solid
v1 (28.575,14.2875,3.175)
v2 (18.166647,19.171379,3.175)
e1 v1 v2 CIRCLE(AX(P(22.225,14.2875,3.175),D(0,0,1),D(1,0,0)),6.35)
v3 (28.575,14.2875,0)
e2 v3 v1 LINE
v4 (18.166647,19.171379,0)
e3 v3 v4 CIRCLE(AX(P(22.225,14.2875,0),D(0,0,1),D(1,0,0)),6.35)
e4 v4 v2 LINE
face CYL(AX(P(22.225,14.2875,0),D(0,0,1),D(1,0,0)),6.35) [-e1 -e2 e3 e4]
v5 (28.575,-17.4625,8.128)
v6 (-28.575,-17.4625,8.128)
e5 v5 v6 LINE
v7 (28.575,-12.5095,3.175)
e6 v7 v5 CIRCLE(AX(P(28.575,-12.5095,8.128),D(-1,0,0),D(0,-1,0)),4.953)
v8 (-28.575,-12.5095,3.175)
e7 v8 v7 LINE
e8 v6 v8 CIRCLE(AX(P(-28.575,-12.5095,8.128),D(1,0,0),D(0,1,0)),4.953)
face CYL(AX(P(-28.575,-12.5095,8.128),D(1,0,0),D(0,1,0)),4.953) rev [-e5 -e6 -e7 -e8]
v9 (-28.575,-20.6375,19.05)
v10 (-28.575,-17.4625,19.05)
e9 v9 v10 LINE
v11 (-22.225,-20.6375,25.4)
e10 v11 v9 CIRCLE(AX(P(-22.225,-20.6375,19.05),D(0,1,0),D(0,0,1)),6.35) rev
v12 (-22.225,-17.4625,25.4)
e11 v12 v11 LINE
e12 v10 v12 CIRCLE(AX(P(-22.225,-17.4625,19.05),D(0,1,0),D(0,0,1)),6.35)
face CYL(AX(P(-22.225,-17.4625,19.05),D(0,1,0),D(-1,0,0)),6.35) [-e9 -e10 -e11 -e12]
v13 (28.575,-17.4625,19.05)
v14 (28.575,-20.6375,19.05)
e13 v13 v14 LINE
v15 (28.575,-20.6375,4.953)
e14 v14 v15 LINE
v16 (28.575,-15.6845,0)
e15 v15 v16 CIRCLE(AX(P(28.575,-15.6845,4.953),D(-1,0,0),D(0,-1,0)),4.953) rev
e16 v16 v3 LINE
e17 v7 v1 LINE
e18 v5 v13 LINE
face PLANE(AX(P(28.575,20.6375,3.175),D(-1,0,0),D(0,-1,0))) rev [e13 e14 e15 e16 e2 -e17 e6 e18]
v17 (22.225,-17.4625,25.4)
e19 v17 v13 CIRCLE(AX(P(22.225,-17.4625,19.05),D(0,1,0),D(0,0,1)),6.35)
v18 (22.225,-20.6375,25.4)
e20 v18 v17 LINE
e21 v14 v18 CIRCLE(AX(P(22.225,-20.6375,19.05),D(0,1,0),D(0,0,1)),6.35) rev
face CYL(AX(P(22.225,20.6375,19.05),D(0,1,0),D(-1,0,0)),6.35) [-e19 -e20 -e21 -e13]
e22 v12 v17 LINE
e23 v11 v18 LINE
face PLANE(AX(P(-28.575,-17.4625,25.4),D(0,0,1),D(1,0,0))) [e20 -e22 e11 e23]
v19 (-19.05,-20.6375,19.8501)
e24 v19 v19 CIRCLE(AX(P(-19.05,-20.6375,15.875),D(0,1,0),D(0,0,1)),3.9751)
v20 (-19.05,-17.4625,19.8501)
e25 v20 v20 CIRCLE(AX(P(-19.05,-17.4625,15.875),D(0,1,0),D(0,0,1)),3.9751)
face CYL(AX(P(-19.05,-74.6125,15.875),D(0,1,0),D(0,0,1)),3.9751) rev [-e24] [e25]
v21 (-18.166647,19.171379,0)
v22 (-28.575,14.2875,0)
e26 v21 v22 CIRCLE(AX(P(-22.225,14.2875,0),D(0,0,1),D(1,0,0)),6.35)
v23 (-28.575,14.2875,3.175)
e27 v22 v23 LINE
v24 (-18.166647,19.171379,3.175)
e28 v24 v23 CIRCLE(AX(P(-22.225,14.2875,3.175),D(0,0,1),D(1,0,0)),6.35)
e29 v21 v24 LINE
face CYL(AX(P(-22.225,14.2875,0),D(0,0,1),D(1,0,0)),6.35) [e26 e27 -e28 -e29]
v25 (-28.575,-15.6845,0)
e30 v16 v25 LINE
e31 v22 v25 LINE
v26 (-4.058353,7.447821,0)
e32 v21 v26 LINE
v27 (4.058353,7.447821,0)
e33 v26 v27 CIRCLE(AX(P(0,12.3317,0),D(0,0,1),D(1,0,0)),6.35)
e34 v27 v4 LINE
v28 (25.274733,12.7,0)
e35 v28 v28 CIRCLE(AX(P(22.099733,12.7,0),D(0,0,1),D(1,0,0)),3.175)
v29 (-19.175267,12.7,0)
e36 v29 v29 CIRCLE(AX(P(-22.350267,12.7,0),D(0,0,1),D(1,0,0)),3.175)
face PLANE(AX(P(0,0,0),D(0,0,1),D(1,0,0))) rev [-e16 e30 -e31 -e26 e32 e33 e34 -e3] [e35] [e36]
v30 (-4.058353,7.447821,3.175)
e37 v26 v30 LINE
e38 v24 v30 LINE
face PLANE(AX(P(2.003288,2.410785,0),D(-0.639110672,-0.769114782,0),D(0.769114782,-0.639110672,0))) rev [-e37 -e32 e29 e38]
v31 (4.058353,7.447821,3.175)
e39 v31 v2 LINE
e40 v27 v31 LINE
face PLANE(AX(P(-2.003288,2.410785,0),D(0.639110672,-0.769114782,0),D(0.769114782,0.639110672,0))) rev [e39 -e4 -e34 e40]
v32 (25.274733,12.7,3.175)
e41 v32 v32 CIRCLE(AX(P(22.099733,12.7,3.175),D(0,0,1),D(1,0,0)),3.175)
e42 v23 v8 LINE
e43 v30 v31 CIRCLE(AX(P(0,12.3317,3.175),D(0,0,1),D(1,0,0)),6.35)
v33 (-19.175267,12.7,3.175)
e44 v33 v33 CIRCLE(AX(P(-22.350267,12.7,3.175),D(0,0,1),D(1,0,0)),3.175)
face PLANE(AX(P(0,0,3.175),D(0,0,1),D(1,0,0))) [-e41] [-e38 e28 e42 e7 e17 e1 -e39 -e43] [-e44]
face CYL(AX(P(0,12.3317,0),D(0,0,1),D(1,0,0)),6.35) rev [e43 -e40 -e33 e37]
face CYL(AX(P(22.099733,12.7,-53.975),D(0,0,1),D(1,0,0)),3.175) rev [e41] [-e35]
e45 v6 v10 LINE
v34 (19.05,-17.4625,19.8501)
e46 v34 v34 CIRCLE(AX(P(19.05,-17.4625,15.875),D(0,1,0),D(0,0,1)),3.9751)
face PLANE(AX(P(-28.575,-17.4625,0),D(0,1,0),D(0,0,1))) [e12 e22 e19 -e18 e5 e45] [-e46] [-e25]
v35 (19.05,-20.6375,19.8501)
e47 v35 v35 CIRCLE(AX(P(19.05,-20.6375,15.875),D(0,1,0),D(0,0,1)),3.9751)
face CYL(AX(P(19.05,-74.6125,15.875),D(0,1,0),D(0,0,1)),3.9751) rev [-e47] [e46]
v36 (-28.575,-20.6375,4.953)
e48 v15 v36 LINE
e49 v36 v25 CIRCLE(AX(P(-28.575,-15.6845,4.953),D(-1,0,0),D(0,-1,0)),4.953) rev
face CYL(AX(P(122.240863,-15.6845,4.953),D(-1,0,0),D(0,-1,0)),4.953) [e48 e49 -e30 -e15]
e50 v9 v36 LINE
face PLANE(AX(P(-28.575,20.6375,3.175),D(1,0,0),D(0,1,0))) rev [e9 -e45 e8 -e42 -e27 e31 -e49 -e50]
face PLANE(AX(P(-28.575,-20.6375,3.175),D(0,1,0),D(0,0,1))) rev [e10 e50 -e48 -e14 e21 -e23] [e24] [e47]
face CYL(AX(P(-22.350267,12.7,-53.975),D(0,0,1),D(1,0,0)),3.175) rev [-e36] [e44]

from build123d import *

# Parameters (mm, degrees)
SKETCH2_W               = 57.15
SKETCH2_H               = 41.275
BOSS_EXTRUDE1_DEPTH     = 3.175
SKETCH7_W               = 25.4
SKETCH7_H               = 3.175
BOSS_EXTRUDE2_DEPTH     = 57.15
CUT_EXTRUDE3_DEPTH      = 66.857337528
CUT_EXTRUDE3_DEPTH_BACK = 57.15
FILLET1_R               = 4.953
FILLET2_R               = 6.35
FILLET3_R               = 6.35
SKETCH13_R              = 3.175
CUT_EXTRUDE5_DEPTH      = 57.15
SKETCH14_R              = 3.9751
CUT_EXTRUDE6_DEPTH      = 57.15
CUT_EXTRUDE8_DEPTH      = 42.669985076


with BuildPart() as part:
    # Sketch2 → Boss-Extrude1 (new body)
    with BuildSketch(Plane.XY):
        Rectangle(SKETCH2_W, SKETCH2_H)
    extrude(amount=BOSS_EXTRUDE1_DEPTH)

    # Sketch7 → Boss-Extrude2 (add)
    with BuildSketch(Plane(origin=(28.575, 0, 0), x_dir=(0, 0, -1), z_dir=(1, 0, 0))):
        with Locations((-12.7, -19.05)):
            Rectangle(SKETCH7_W, SKETCH7_H)
    extrude(amount=-BOSS_EXTRUDE2_DEPTH)

    # Sketch8 → Cut-Extrude3 (cut, two sides: drawn at the far end of the back side and taken through both)
    with BuildSketch(Plane(origin=(28.575, 0, 0), x_dir=(0, 0, -1), z_dir=(1, 0, 0)).offset(-CUT_EXTRUDE3_DEPTH_BACK)):
        with BuildLine():
            Line((0, 86.439447679), (0, -15.6845))
            ThreePointArc((0, -15.6845), (-1.450700113, -19.186799887), (-4.953, -20.6375))
            Line((-4.953, -20.6375), (-107.076947679, -20.6375))
            Line((-107.076947679, -20.6375), (37.348124172, -165.062571851))
            Line((37.348124172, -165.062571851), (144.425071851, -57.985624172))
            Line((144.425071851, -57.985624172), (0, 86.439447679))
        make_face()
    extrude(amount=CUT_EXTRUDE3_DEPTH + CUT_EXTRUDE3_DEPTH_BACK, mode=Mode.SUBTRACT)

    # Fillet1
    fillet1_edges = [part.edges().sort_by_distance(p)[0] for p in [
        (0, -17.4625, 3.175),
    ]]
    fillet(fillet1_edges, radius=FILLET1_R)

    # Fillet2
    fillet2_edges = [part.edges().sort_by_distance(p)[0] for p in [
        (28.575, -19.05, 25.4),
    ]]
    fillet(fillet2_edges, radius=FILLET2_R)

    # Fillet3
    fillet3_edges = [part.edges().sort_by_distance(p)[0] for p in [
        (-28.575, -19.05, 25.4),
    ]]
    fillet(fillet3_edges, radius=FILLET3_R)

    # Sketch13 → Cut-Extrude5 (cut)
    with BuildSketch(Plane.XY.offset(3.175)):
        with Locations((-22.350267212, 12.7)):
            Circle(SKETCH13_R)
        with Locations((22.099732788, 12.7)):
            Circle(SKETCH13_R)
    extrude(amount=-CUT_EXTRUDE5_DEPTH, mode=Mode.SUBTRACT)

    # Sketch14 → Cut-Extrude6 (cut)
    with BuildSketch(Plane(origin=(0, -17.4625, 0), x_dir=(1, 0, 0), z_dir=(0, 1, 0))):
        with Locations(Location((-19.05, -15.875, 0), (0, 0, 270))):
            Circle(SKETCH14_R)
        with Locations(Location((19.05, -15.875, 0), (0, 0, 270))):
            Circle(SKETCH14_R)
    extrude(amount=-CUT_EXTRUDE6_DEPTH, mode=Mode.SUBTRACT)

    # Sketch15 → Cut-Extrude8 (cut, through all)
    with BuildSketch(Plane.XY.offset(3.175)):
        with BuildLine():
            ThreePointArc((-22.225, 20.6375), (-20.067470257, 20.259732866), (-18.166647231, 19.171378869))
            Line((-18.166647231, 19.171378869), (-4.058352769, 7.447821131))
            ThreePointArc((-4.058352769, 7.447821131), (0, 5.9817), (4.058352769, 7.447821131))
            Line((4.058352769, 7.447821131), (18.166647231, 19.171378869))
            ThreePointArc((18.166647231, 19.171378869), (20.067470257, 20.259732866), (22.225, 20.6375))
            Line((22.225, 20.6375), (-22.225, 20.6375))
        make_face()
        with BuildLine():
            ThreePointArc((-28.575, 14.2875), (-26.715128061, 18.777628061), (-22.225, 20.6375))
            Line((-22.225, 20.6375), (-28.575, 20.6375))
            Line((-28.575, 20.6375), (-28.575, 14.2875))
        make_face()
        with BuildLine():
            Line((28.575, 20.6375), (22.225, 20.6375))
            ThreePointArc((22.225, 20.6375), (26.715128061, 18.777628061), (28.575, 14.2875))
            Line((28.575, 14.2875), (28.575, 20.6375))
        make_face()
    extrude(amount=-CUT_EXTRUDE8_DEPTH, mode=Mode.SUBTRACT)


solid = part.part
